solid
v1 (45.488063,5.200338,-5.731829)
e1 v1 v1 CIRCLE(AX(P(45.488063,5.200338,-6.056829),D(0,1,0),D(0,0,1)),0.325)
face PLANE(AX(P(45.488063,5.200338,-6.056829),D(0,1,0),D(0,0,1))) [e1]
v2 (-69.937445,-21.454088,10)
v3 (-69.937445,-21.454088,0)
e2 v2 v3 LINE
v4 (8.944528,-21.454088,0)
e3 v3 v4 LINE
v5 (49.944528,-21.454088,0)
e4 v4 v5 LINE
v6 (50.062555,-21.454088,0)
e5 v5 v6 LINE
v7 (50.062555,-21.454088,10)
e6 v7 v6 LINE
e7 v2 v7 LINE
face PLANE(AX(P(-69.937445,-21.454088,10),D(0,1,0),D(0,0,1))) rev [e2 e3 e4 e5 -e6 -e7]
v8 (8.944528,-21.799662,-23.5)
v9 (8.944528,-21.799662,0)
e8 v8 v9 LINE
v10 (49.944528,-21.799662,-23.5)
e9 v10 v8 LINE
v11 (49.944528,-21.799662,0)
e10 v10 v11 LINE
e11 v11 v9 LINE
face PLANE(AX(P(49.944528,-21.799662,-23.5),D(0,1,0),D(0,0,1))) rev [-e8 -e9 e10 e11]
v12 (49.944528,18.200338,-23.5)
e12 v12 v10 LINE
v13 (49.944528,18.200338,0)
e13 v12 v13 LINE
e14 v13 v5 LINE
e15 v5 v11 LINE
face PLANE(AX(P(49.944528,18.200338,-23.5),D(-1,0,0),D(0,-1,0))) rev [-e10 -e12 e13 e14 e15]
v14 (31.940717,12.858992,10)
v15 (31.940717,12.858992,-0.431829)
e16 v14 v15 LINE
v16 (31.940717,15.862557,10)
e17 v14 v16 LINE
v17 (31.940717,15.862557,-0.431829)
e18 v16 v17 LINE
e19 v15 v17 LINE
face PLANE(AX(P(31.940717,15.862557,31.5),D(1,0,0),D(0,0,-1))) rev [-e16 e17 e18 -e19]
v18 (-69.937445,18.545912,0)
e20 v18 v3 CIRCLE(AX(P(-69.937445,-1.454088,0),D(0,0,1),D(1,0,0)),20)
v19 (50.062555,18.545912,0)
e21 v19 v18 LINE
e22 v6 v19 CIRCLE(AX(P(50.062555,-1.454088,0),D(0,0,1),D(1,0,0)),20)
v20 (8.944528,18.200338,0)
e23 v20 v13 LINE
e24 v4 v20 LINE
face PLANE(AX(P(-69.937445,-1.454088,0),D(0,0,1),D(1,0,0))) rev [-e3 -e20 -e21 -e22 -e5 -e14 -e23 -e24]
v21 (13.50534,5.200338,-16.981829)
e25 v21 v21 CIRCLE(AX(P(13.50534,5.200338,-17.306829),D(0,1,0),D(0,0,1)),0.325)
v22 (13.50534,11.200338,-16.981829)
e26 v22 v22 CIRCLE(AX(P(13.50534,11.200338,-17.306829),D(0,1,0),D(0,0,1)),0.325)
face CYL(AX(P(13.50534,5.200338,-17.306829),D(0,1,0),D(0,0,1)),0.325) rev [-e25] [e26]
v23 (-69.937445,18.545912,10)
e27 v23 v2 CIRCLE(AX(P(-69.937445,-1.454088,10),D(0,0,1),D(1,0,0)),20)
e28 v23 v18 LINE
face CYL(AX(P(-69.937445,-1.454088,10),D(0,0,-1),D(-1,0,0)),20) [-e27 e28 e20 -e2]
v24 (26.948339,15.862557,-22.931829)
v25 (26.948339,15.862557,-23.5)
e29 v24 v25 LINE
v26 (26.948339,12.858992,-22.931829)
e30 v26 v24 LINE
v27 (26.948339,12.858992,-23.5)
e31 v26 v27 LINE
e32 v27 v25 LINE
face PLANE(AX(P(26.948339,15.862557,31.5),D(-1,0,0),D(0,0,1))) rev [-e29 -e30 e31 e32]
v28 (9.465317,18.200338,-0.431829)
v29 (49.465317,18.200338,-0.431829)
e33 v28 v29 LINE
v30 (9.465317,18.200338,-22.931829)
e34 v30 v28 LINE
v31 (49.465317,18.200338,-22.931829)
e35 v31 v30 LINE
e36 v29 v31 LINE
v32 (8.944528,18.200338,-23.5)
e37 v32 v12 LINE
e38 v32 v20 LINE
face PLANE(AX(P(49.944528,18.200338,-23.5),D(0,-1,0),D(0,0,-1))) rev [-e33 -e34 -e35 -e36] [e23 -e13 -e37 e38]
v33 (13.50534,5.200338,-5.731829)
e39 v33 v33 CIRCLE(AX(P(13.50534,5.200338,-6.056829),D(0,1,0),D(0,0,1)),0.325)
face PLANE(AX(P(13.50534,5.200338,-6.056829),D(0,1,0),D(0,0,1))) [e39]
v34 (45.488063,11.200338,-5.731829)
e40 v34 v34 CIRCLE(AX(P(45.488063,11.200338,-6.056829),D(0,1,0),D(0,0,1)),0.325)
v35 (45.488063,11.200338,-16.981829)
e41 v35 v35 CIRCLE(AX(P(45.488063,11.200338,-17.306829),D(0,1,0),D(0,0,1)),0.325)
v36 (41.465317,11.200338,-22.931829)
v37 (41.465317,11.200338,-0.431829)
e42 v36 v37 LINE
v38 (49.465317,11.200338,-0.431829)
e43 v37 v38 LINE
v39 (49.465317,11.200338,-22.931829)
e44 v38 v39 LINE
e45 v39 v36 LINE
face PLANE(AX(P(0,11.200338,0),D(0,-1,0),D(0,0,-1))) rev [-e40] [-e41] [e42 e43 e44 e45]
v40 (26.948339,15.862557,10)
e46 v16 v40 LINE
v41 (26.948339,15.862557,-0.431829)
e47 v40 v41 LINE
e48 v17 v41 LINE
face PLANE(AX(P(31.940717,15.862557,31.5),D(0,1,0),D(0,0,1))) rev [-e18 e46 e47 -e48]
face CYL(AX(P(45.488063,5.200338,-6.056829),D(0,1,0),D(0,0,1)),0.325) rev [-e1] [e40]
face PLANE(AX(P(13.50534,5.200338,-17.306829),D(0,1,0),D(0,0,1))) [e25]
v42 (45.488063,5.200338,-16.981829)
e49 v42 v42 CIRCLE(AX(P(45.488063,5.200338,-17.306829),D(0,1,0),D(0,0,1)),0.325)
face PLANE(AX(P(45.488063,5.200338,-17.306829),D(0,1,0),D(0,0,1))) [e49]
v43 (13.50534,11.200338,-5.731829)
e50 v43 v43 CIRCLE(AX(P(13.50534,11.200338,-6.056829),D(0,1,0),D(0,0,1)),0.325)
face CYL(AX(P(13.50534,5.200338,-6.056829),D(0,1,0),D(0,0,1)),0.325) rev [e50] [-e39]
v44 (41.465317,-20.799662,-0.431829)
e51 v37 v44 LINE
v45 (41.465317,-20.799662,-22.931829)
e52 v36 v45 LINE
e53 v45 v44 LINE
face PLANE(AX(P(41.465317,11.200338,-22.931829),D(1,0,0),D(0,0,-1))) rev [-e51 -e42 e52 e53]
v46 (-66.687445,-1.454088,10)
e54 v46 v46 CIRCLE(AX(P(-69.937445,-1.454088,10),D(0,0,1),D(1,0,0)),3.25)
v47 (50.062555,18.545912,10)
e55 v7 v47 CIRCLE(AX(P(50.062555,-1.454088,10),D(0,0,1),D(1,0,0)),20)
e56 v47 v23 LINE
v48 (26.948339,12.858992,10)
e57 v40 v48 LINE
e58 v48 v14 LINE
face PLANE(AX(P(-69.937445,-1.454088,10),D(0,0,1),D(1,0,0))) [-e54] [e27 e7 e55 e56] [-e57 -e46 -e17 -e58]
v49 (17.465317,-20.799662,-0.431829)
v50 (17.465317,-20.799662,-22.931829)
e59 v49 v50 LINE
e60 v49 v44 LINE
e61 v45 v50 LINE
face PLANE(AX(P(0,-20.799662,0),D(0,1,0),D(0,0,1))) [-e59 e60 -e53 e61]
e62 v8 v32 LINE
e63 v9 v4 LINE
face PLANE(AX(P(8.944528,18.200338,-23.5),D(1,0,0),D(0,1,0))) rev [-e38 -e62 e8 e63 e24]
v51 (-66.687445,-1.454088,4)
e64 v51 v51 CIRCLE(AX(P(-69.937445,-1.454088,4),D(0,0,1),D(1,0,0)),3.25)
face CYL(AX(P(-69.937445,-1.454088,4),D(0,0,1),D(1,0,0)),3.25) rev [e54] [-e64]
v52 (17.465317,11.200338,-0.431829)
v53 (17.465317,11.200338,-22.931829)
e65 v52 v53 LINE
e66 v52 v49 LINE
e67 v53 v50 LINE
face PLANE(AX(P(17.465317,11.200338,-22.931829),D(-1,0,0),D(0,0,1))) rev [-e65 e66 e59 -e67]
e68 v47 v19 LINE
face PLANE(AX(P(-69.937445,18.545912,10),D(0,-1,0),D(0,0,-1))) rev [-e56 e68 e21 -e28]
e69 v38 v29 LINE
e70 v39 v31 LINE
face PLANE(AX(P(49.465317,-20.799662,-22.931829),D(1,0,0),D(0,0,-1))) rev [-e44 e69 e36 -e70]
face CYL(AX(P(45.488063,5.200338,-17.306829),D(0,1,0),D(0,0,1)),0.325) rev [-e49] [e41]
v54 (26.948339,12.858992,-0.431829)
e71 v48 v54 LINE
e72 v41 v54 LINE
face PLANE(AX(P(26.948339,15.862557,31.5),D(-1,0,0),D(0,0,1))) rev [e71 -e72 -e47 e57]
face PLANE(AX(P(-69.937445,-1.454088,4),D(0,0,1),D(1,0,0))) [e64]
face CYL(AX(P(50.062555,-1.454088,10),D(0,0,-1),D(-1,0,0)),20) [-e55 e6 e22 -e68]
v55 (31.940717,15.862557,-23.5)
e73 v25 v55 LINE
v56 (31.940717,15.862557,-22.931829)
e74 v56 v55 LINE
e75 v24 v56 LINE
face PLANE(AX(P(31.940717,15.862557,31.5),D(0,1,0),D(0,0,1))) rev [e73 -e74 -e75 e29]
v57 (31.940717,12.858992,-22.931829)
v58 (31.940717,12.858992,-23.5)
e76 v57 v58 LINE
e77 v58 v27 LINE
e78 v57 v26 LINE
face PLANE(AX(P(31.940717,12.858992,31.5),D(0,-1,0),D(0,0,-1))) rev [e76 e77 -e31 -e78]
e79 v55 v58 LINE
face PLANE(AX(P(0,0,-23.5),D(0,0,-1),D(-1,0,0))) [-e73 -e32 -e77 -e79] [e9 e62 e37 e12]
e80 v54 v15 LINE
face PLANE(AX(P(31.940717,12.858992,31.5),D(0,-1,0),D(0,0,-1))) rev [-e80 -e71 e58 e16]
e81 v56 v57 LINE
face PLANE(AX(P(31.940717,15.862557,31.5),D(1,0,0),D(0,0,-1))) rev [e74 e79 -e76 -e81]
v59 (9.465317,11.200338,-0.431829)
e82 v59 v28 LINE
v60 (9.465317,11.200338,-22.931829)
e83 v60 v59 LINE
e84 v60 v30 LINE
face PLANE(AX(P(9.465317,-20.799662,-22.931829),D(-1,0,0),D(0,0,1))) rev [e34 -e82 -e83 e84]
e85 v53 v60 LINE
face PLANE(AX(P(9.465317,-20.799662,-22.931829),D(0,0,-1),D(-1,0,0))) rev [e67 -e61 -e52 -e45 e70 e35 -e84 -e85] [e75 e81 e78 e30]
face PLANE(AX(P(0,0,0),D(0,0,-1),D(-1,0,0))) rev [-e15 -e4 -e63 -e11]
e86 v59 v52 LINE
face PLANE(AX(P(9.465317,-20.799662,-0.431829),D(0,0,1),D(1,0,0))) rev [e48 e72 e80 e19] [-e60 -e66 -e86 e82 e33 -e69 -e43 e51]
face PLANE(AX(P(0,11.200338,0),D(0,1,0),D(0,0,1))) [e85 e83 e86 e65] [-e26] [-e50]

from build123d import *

# Parameters (mm, degrees)
BOSS_EXTRUDE1_DEPTH = 10
SKETCH2_R           = 3.25
CUT_EXTRUDE1_DEPTH  = 6
SKETCH3_W           = 41
SKETCH3_H           = 40
BOSS_EXTRUDE2_DEPTH = 23.5
SKETCH6_W           = 40
SKETCH6_H           = 22.5
CUT_EXTRUDE3_DEPTH  = 39
SKETCH7_W           = 8
SKETCH7_H           = 22.5
BOSS_EXTRUDE3_DEPTH = 32
SKETCH8_R           = 0.325
CUT_EXTRUDE4_DEPTH  = 6
SKETCH9_W           = 4.992378119
SKETCH9_H           = 3.003564519
CUT_EXTRUDE5_DEPTH  = 55


with BuildPart() as part:
    # Sketch1 → Boss-Extrude1 (new body)
    with BuildSketch(Plane.XY):
        with BuildLine():
            Line((-69.937444572, 18.545911552), (50.062555428, 18.545911552))
            ThreePointArc((50.062555428, 18.545911552), (70.062555428, -1.454088448), (50.062555428, -21.454088448))
            Line((50.062555428, -21.454088448), (-69.937444572, -21.454088448))
            ThreePointArc((-69.937444572, -21.454088448), (-89.937444572, -1.454088448), (-69.937444572, 18.545911552))
        make_face()
    extrude(amount=BOSS_EXTRUDE1_DEPTH)

    # Sketch2 → Cut-Extrude1 (cut)
    with BuildSketch(Plane.XY.offset(10)):
        with Locations((-69.937444572, -1.454088448)):
            Circle(SKETCH2_R)
    extrude(amount=-CUT_EXTRUDE1_DEPTH, mode=Mode.SUBTRACT)

    # Sketch3 → Boss-Extrude2 (add)
    with BuildSketch(Plane(origin=(0, 0, 0), x_dir=(-1, 0, 0), z_dir=(0, 0, -1))):
        with Locations((-29.444527942, -1.79966235)):
            Rectangle(SKETCH3_W, SKETCH3_H)
    extrude(amount=BOSS_EXTRUDE2_DEPTH)

    # Sketch6 → Cut-Extrude3 (cut)
    with BuildSketch(Plane(origin=(0, 18.20033765, 0), x_dir=(1, 0, 0), z_dir=(0, 1, 0))):
        with Locations((29.465316663, 11.681829122)):
            Rectangle(SKETCH6_W, SKETCH6_H)
    extrude(amount=-CUT_EXTRUDE3_DEPTH, mode=Mode.SUBTRACT)

    # Sketch7 → Boss-Extrude3 (add)
    with BuildSketch(Plane(origin=(0, -20.79966235, 0), x_dir=(1, 0, 0), z_dir=(0, 1, 0))):
        with Locations((13.465316663, 11.681829122)):
            Rectangle(SKETCH7_W, SKETCH7_H)
        with Locations((45.465316663, 11.681829122)):
            Rectangle(SKETCH7_W, SKETCH7_H)
    extrude(amount=BOSS_EXTRUDE3_DEPTH)

    # Sketch8 → Cut-Extrude4 (cut)
    with BuildSketch(Plane(origin=(0, 11.20033765, 0), x_dir=(1, 0, 0), z_dir=(0, 1, 0))):
        with Locations(Location((45.488062991, 17.306829122, 0), (0, 0, 270))):
            Circle(SKETCH8_R)
        with Locations(Location((45.488062991, 6.056829122, 0), (0, 0, 270))):
            Circle(SKETCH8_R)
        with Locations(Location((13.505340173, 17.306829122, 0), (0, 0, 270))):
            Circle(SKETCH8_R)
        with Locations(Location((13.505340173, 6.056829122, 0), (0, 0, 270))):
            Circle(SKETCH8_R)
    extrude(amount=-CUT_EXTRUDE4_DEPTH, mode=Mode.SUBTRACT)

    # Sketch9 → Cut-Extrude5 (cut)
    with BuildSketch(Plane(origin=(0, 0, -23.5), x_dir=(-1, 0, 0), z_dir=(0, 0, -1))):
        with Locations((-29.444527942, 14.360774469)):
            Rectangle(SKETCH9_W, SKETCH9_H)
    extrude(amount=-CUT_EXTRUDE5_DEPTH, mode=Mode.SUBTRACT)


solid = part.part
